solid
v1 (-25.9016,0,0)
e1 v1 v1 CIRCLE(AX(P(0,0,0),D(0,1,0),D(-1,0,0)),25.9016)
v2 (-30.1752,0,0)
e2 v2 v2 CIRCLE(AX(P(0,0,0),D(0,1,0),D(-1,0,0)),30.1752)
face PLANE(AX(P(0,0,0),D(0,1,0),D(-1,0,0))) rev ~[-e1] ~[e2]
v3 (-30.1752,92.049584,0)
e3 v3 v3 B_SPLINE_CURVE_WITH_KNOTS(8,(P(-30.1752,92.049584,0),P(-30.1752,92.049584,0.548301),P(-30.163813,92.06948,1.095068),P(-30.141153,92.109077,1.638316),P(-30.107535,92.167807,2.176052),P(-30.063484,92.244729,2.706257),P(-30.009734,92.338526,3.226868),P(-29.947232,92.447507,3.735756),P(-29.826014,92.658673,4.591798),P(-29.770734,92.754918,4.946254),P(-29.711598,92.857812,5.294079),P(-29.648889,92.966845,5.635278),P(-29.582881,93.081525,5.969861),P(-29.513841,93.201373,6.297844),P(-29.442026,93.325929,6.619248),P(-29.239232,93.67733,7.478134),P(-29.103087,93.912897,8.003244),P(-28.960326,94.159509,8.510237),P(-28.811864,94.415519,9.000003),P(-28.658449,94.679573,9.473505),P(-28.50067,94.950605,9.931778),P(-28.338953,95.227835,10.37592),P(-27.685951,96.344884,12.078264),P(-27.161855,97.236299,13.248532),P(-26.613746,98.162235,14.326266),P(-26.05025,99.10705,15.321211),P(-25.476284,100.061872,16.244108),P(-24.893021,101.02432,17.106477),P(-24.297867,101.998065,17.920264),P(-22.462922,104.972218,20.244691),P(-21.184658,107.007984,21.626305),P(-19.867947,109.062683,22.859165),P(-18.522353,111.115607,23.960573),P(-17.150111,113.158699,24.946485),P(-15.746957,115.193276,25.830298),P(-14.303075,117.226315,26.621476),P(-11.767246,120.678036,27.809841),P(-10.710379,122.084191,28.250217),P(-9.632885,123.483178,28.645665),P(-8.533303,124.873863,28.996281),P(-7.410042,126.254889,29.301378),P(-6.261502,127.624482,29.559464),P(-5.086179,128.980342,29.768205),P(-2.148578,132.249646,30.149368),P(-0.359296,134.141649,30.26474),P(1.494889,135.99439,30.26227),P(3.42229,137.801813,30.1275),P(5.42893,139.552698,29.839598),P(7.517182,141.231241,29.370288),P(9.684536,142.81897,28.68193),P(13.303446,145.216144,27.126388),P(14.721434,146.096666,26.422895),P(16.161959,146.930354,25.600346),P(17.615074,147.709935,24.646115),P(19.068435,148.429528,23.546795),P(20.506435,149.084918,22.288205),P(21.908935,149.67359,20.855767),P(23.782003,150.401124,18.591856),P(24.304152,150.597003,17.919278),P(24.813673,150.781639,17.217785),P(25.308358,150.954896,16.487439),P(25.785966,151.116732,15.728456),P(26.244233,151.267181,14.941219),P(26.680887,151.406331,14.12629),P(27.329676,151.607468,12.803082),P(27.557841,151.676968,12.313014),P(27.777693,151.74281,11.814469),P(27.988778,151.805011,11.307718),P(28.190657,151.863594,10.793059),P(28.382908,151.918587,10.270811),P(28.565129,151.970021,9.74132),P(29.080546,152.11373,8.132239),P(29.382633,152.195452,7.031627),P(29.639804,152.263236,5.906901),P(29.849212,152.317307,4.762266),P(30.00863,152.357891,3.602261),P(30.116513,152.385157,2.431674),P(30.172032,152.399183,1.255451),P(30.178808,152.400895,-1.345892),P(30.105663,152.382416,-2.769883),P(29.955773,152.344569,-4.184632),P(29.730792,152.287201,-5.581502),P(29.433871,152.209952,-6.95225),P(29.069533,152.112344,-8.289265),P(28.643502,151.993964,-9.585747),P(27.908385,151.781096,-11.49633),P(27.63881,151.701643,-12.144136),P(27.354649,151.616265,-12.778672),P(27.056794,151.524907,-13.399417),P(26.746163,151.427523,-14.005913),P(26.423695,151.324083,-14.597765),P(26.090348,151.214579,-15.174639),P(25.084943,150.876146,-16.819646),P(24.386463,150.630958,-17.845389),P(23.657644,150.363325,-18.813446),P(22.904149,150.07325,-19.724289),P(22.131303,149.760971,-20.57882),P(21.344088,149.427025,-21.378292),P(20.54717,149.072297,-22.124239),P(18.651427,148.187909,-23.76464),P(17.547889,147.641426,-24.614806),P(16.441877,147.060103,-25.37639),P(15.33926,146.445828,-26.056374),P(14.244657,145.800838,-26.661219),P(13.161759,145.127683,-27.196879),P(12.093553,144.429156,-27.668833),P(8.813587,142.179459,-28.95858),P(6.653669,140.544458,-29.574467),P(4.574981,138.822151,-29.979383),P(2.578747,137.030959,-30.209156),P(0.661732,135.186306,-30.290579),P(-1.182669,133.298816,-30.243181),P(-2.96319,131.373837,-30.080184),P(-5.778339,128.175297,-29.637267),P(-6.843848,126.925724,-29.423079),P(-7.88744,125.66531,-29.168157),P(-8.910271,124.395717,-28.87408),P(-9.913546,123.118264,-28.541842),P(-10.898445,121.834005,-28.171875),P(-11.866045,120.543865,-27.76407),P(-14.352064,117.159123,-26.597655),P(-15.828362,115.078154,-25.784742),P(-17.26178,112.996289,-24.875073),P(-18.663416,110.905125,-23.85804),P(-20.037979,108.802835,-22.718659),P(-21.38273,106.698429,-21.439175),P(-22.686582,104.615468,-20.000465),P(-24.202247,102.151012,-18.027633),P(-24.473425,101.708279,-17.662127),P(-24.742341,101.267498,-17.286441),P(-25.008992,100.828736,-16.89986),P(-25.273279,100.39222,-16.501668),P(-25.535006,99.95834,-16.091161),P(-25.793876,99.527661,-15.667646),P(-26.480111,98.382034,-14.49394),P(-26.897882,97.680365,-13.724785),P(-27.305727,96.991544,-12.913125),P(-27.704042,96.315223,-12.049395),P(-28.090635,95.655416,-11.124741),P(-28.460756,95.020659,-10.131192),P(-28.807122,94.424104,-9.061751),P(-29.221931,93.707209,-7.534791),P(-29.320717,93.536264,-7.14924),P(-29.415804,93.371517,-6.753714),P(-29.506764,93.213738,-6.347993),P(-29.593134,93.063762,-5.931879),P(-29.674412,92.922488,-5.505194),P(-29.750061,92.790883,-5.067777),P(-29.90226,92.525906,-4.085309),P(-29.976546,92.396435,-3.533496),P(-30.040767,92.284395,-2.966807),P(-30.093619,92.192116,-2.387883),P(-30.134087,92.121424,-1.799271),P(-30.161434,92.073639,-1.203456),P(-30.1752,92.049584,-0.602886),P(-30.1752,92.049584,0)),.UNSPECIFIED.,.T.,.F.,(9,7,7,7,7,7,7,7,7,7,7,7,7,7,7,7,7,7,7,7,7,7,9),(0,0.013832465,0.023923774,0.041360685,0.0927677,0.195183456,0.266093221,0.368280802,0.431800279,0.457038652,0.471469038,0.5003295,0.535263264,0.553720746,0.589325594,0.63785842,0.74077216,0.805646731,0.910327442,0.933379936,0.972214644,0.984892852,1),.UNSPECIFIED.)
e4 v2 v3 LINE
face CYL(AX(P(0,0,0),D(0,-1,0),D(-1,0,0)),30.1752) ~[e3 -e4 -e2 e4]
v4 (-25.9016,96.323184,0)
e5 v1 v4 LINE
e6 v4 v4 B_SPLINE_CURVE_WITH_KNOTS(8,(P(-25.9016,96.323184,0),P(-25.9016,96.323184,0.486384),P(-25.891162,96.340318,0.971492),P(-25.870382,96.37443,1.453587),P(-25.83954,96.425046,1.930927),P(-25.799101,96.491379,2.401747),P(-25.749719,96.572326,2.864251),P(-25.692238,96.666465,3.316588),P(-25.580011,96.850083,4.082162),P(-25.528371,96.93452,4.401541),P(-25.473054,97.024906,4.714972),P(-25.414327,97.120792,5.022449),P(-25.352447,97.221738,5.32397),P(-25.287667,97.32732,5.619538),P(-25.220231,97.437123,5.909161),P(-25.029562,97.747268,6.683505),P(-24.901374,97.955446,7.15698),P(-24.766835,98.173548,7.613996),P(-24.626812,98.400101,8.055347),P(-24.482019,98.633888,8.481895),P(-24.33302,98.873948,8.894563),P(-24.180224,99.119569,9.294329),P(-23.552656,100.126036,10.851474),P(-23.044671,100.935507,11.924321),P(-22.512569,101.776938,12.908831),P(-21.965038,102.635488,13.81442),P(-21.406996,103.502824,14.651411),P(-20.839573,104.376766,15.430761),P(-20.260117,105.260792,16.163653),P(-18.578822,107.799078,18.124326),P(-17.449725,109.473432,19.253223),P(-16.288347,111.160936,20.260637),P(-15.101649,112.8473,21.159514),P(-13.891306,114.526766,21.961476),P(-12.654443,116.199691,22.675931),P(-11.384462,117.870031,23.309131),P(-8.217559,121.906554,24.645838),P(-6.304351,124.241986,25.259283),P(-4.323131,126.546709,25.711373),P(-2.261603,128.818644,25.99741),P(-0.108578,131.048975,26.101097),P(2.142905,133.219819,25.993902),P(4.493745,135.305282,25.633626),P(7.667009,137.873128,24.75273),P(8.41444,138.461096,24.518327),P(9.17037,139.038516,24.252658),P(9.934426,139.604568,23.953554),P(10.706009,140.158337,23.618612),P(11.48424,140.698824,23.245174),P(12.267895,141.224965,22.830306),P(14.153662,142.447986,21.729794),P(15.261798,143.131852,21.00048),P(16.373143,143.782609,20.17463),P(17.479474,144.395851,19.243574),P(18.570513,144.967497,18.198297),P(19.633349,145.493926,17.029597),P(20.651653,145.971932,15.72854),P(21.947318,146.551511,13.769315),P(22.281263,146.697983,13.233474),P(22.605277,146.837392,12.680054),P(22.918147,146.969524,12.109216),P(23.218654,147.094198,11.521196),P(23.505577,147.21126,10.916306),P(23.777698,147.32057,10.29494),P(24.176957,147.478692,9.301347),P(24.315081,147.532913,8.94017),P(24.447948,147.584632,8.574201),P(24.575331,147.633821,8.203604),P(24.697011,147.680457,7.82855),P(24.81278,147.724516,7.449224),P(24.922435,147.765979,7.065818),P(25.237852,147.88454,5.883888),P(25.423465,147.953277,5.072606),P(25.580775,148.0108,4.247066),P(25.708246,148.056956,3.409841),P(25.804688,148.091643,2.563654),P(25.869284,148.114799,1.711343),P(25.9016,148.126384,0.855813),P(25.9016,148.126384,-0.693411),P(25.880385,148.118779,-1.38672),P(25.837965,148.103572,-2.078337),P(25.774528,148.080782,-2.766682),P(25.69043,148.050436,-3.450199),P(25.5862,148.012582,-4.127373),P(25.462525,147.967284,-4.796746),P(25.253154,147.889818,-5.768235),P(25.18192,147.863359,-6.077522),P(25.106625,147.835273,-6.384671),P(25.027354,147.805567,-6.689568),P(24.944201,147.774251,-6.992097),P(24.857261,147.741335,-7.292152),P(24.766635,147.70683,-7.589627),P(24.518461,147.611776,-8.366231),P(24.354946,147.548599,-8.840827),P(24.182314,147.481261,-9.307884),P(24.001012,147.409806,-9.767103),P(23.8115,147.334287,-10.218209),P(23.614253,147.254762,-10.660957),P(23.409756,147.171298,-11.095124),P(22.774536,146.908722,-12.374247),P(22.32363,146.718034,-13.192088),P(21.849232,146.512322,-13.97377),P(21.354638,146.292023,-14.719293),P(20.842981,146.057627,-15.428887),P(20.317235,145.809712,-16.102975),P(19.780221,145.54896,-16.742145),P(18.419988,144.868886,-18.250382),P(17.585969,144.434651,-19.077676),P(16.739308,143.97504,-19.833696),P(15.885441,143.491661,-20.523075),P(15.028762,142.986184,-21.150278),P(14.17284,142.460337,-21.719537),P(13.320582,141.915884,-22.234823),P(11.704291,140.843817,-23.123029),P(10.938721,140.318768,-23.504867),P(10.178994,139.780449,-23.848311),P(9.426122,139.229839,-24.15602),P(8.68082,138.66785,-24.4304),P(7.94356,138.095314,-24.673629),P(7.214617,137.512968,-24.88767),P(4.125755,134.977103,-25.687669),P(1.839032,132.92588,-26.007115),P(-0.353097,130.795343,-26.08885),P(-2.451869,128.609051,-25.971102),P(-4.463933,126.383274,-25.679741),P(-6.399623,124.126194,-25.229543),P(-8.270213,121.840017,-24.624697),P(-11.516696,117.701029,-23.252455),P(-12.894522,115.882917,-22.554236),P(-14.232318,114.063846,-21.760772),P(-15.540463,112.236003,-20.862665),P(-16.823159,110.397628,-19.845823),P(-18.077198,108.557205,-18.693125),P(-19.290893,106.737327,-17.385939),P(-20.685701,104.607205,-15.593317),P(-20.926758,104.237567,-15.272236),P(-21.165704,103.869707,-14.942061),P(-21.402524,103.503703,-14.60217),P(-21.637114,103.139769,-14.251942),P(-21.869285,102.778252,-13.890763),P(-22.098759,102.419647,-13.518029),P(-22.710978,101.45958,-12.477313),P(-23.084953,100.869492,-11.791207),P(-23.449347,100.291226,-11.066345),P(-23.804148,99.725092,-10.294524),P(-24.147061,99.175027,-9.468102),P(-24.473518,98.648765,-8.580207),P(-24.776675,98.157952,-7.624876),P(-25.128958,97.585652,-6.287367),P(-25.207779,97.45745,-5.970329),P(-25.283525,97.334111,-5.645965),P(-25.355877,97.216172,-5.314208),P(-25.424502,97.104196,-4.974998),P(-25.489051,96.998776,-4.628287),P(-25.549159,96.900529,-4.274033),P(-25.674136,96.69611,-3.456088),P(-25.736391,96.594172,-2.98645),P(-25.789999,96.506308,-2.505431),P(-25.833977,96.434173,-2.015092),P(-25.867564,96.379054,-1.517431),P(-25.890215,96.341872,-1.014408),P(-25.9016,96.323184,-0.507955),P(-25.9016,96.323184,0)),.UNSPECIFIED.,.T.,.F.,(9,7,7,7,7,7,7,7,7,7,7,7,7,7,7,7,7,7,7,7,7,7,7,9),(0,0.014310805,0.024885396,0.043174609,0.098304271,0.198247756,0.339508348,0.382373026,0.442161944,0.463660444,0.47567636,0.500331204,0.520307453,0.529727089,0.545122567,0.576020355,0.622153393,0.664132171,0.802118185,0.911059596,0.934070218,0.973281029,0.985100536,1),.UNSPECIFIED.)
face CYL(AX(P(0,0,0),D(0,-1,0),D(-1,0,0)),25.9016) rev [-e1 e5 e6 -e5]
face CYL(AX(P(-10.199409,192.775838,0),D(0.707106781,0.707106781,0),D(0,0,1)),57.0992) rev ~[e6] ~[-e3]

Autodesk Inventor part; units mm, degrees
ref_plane "XZ Plane" through (0, 0, 0) normal (0, 1, 0) x (-1, 0, 0)
ref_plane "XY Plane" through (0, 0, 0) normal (0, 0, 1) x (1, 0, 0)
sketch "Sketch1" plane through (0, 0, 0) normal (0, 1, 0) x (-1, 0, 0)
  circle A0 centre (0, 0) radius 25.9016
  circle A1 centre (0, 0) radius 30.1752
  dimension "d0" = 51.8033
  dimension "d1" = 60.3504
extrude "Extrusion1" add sketch "Sketch1" along normal blind 152.4
ref_plane "Work Plane4" through (15.0868, 167.4868, 0) normal (0.7071, 0.7071, 0) x (0, 0, -1)
ref_plane "Work Plane3" through (0, 152.4, 0) normal (0.7071, 0.7071, 0) x (0, 0, -1)
sketch "Sketch2" plane through (15.0868, 167.4868, 0) normal (0.7071, 0.7071, 0) x (0, 0, -1)
  ellipse E0 centre (0, 0) end of major axis (30.1752, 0) minor radius 21.3371 projected
  line L0 (0, -21.3371) -> (46.559, -21.3371)
  line L1 (0, -21.3371) -> (-63.5901, -21.3371)
  line L2 (0, -21.3371) -> (0, 35.7621)
  line L3 (0, 35.7621) -> (57.0992, 35.7621)
  arc A0 (-57.0992, 35.7621) -> (57.0992, 35.7621) centre (0, 35.7621) ccw
  line L4 (57.0992, 35.7621) -> (-57.0992, 35.7621)
  point P0 (0, -107.7631)
  dimension "d6" = 57.0992
  dimension "d7" = 57.0992
  dimension "d8" = 114.1984
extrude "Extrusion2" cut sketch "Sketch2" against normal blind 152.4
ref_plane "Work Plane1" through (0, 76.2, 0) normal (0, 1, 0) x (1, 0, 0)
ref_plane "Work Plane2" through (0, 152.4, 0) normal (0, 1, 0) x (1, 0, 0)
properties part number "Angled Pipe (Attached to Control Pipe)"
